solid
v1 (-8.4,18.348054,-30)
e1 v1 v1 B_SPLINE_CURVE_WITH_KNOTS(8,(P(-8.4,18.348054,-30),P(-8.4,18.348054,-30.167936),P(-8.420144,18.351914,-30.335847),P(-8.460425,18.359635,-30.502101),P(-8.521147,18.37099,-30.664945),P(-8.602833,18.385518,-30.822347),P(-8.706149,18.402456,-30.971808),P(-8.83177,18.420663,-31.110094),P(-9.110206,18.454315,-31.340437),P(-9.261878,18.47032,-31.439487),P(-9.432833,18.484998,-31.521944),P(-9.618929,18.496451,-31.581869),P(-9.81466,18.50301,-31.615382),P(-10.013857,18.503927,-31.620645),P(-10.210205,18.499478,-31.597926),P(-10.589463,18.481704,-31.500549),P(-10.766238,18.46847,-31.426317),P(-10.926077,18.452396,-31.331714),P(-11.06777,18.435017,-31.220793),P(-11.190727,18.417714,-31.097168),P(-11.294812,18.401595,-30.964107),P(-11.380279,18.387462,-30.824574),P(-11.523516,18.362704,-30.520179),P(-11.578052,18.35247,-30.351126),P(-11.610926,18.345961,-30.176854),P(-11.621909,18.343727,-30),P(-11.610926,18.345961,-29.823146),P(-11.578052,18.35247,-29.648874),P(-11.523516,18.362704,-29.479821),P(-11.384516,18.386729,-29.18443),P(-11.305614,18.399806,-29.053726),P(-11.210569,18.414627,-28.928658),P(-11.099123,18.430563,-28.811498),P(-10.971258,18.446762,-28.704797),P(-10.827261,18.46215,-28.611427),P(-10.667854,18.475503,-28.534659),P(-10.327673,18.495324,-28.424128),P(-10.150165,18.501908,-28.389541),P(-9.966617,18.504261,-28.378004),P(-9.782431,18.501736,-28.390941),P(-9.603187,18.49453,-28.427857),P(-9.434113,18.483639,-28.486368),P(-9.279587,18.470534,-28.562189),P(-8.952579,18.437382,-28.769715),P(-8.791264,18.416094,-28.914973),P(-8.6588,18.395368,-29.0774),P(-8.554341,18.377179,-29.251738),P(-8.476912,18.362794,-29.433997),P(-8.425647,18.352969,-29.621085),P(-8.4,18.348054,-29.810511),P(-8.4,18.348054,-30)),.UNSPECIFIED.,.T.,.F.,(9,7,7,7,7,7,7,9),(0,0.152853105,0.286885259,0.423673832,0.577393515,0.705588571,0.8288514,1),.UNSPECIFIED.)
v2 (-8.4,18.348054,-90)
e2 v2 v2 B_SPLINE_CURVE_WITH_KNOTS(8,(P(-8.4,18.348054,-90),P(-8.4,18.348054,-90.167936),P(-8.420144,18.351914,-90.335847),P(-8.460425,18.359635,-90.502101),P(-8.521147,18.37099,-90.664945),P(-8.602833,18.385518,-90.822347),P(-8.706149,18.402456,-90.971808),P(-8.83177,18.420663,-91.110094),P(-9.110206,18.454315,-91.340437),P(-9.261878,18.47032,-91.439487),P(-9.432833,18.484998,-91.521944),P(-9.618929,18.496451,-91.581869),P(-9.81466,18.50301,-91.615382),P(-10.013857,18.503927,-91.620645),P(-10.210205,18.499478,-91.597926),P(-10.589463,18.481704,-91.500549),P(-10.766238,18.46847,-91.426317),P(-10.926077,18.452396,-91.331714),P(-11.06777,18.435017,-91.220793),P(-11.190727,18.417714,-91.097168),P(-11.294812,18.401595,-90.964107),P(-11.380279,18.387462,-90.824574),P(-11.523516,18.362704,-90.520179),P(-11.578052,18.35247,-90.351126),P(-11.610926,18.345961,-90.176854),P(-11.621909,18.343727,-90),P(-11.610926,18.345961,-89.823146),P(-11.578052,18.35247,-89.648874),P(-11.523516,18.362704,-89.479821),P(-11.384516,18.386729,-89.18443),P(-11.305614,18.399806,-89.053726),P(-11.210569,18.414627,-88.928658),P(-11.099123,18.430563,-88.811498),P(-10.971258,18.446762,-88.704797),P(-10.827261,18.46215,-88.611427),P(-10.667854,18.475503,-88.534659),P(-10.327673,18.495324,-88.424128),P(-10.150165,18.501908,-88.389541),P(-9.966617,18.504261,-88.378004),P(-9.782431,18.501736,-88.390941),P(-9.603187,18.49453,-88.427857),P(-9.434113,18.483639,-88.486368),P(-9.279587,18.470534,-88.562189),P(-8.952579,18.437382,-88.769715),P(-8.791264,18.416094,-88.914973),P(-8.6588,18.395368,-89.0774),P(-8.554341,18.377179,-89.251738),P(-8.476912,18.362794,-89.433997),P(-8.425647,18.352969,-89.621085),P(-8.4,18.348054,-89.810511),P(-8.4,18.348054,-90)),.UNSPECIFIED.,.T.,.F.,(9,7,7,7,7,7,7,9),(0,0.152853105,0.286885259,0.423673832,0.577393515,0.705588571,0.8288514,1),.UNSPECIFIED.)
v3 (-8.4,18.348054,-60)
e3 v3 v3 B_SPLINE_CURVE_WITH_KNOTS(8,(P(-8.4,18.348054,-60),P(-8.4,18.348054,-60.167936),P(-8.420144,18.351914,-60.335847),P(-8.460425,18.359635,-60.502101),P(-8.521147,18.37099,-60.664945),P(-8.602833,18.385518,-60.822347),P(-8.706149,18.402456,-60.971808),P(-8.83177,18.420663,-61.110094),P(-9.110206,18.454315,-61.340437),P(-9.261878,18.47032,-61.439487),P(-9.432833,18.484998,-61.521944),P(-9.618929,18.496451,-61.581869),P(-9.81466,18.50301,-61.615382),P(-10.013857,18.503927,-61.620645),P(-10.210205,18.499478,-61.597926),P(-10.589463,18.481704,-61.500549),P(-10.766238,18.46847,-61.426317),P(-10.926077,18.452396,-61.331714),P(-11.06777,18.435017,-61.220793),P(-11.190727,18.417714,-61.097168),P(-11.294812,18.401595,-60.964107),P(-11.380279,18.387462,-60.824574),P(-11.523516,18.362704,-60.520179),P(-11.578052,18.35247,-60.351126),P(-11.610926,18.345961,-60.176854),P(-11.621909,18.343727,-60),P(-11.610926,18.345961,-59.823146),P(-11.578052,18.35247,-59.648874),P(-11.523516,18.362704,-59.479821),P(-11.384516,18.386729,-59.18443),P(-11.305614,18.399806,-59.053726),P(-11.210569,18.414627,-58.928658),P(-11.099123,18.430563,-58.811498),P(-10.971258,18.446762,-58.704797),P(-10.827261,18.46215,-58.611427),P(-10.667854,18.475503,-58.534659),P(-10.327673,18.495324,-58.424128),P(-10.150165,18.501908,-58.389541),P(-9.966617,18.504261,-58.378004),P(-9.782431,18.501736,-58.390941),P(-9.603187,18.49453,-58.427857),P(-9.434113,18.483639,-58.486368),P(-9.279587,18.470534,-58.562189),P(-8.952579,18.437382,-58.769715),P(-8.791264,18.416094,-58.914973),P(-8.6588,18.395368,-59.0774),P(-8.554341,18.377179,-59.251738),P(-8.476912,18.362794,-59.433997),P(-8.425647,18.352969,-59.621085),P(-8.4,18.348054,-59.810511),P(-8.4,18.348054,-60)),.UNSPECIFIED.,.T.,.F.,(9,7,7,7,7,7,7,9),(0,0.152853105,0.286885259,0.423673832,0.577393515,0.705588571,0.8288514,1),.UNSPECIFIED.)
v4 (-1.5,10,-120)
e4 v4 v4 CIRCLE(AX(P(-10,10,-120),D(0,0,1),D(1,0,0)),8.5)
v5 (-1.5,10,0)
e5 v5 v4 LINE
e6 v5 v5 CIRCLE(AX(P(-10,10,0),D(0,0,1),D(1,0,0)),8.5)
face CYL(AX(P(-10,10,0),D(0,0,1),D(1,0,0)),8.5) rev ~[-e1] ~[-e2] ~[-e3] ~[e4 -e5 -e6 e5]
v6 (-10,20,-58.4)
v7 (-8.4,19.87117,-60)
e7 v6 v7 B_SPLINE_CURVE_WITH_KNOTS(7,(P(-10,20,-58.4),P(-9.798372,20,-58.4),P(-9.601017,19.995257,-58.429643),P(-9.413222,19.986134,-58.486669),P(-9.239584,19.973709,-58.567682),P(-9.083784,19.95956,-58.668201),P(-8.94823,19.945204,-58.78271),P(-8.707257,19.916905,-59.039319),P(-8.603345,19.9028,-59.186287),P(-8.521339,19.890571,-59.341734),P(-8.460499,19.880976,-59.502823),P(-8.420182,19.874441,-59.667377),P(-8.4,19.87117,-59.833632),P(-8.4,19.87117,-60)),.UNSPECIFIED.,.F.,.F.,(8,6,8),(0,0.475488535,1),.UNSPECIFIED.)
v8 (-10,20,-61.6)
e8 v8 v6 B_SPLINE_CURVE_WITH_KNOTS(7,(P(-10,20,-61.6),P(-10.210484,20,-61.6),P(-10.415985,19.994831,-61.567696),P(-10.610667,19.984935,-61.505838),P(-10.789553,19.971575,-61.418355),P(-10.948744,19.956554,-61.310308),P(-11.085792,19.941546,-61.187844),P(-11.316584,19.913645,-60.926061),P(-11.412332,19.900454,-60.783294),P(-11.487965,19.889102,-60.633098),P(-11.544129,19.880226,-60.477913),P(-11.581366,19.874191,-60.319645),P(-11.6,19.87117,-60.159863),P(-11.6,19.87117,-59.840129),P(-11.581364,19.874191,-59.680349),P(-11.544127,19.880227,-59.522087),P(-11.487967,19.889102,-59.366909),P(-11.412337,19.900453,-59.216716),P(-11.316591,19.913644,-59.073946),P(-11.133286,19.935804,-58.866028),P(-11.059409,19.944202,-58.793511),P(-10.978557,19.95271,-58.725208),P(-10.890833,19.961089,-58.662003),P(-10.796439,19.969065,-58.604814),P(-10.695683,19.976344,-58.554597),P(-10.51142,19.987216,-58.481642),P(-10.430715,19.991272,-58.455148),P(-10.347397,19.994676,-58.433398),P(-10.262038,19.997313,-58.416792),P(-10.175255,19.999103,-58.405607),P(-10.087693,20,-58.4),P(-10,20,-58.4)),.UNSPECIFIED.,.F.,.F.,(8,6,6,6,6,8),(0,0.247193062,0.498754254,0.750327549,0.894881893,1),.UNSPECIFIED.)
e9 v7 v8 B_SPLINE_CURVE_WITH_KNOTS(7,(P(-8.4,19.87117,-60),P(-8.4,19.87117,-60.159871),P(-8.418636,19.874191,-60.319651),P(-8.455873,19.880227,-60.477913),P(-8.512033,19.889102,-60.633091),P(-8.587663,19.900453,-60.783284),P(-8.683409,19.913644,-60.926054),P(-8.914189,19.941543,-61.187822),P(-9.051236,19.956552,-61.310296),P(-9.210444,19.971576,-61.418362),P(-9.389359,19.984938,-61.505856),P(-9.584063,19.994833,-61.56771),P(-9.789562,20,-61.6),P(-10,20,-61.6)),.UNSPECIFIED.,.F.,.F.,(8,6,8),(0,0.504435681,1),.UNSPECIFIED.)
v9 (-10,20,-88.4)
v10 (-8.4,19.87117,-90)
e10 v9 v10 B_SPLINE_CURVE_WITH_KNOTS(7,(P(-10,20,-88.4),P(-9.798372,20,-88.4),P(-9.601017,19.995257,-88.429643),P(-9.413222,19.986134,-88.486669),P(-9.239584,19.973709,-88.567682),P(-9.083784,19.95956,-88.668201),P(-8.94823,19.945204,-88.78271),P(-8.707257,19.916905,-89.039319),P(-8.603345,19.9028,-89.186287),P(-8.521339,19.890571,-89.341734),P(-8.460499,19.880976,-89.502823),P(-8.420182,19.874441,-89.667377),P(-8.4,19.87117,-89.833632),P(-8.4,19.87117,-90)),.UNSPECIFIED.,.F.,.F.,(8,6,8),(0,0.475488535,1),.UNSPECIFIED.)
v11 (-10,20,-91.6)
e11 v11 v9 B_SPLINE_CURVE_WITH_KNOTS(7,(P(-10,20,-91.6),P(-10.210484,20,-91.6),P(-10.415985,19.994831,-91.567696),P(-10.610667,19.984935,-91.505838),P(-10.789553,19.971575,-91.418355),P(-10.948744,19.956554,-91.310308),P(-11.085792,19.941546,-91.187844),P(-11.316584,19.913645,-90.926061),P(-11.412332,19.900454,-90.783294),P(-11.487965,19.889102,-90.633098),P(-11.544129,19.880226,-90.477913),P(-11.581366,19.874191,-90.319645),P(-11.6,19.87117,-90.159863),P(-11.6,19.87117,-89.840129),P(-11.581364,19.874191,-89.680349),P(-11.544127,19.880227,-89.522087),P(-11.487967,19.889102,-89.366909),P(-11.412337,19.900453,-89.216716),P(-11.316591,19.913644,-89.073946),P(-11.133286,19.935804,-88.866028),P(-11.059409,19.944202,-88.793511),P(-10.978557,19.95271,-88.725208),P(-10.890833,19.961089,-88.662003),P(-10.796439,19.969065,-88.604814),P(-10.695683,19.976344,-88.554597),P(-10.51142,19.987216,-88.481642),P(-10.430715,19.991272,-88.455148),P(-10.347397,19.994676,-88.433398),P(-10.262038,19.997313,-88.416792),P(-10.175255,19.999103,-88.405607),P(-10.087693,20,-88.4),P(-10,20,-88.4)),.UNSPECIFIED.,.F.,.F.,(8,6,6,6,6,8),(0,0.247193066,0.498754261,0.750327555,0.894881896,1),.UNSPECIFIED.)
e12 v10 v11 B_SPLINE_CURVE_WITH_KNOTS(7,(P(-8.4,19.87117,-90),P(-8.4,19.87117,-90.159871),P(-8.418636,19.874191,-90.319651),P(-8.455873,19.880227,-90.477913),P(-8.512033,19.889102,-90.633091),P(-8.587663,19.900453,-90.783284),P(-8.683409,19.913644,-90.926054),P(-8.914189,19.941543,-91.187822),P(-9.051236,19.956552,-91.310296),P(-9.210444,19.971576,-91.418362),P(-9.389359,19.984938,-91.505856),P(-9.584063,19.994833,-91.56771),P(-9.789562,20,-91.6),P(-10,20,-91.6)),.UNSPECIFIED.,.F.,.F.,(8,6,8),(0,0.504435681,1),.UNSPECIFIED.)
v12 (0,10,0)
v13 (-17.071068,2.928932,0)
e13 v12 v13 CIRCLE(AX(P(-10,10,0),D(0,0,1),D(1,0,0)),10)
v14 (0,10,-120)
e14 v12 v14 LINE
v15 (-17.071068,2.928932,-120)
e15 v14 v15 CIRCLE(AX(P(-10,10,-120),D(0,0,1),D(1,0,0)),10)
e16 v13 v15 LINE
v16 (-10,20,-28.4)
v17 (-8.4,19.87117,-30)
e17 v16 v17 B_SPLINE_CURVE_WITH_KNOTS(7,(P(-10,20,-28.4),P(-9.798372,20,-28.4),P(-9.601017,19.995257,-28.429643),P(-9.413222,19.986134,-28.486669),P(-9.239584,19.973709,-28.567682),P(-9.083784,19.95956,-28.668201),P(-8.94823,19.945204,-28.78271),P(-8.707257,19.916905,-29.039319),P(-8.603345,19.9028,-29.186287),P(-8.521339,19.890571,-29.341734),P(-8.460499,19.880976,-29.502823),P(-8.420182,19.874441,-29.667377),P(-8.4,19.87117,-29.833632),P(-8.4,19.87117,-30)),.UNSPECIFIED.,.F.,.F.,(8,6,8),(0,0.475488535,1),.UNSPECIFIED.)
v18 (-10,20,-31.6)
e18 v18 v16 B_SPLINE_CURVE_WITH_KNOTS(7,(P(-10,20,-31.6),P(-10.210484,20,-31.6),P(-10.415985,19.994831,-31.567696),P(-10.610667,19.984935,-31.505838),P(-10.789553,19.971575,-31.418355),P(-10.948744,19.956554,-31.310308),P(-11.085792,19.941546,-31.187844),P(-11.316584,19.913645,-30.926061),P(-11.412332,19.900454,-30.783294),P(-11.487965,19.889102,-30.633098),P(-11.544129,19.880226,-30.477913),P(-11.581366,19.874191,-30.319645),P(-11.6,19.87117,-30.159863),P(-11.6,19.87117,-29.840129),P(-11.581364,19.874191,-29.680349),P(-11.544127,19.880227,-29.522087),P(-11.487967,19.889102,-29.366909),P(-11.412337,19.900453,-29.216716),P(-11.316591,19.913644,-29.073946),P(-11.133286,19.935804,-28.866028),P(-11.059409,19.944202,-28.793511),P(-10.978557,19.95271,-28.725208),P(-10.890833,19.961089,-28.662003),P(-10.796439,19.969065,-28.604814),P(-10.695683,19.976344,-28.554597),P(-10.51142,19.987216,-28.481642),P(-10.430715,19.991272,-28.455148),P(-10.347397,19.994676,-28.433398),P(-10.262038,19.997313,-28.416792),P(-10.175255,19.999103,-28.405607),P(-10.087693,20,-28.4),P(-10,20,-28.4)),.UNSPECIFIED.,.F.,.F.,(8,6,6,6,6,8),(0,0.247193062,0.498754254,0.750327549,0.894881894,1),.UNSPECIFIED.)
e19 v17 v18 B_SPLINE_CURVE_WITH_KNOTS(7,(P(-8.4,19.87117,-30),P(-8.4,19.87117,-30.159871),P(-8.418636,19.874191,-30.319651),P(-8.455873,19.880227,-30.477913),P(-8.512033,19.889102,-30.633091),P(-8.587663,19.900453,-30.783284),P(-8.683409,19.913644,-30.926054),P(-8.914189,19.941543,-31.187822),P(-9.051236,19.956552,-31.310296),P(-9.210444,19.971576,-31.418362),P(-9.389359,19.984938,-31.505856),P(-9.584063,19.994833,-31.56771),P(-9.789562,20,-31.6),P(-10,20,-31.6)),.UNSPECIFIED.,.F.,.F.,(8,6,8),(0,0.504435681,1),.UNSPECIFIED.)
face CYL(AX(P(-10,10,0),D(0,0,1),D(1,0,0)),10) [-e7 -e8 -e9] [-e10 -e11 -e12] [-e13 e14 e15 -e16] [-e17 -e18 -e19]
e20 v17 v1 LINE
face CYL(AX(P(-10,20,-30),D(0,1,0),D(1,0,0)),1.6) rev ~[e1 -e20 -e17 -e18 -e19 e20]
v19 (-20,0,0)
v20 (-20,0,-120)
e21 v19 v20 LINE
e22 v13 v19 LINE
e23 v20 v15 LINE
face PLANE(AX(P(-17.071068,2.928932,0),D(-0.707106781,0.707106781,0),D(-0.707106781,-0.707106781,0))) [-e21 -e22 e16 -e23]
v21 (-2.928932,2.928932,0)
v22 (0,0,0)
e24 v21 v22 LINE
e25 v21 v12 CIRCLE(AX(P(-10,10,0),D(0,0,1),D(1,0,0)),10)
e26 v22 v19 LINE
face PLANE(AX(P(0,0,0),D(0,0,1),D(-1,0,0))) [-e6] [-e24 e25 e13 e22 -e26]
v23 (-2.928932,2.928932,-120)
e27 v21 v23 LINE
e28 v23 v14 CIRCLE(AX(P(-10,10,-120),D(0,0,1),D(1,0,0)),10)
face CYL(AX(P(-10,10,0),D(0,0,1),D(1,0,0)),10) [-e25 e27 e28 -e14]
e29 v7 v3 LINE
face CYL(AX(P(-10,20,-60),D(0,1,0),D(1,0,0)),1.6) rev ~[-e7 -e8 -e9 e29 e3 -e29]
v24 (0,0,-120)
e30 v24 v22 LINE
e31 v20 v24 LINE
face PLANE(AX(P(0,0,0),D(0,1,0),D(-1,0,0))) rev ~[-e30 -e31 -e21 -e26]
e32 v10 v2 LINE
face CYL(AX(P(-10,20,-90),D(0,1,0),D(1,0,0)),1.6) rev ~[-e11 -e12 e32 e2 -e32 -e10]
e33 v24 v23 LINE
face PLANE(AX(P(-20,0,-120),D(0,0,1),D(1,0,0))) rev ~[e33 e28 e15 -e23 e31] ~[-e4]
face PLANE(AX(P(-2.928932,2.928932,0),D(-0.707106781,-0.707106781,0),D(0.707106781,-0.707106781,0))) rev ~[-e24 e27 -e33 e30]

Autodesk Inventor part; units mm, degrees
ref_plane "YZ Plane" through (0, 0, 0) normal (1, 0, 0) x (0, 1, 0)
ref_plane "XZ Plane" through (0, 0, 0) normal (0, 1, 0) x (-1, 0, 0)
ref_plane "XY Plane" through (0, 0, 0) normal (0, 0, 1) x (1, 0, 0)
sketch "Sketch1" plane through (0, 0, 0) normal (0, 1, 0) x (-1, 0, 0)
  line L0 (0, 0) -> (20, 0)
  line L1 (20, 0) -> (20, -120)
  line L2 (20, -120) -> (0, -120)
  line L3 (0, -120) -> (0, 0)
  dimension "d0" = 20
  dimension "d1" = 120
extrude "Extrusion1" add sketch "Sketch1" along normal blind 20
sketch "Sketch2" plane through (0, 20, 0) normal (0, 1, 0) x (1, 0, 0)
  line L0 (-20, 120) -> (-20, 0) projected
  line L1 (0, 0) -> (0, 120) projected
  line L2 (-20, 0) -> (0, 0)
  line L3 (0, 0) -> (0, 120)
  line L4 (0, 120) -> (-20, 120)
  line L5 (-20, 120) -> (-20, 0)
  line L6 (0, 120) -> (-20, 120) projected
  line L7 (-20, 0) -> (-10, 0)
  line L8 (-10, 0) -> (-10, 120)
  line L9 (-10, 120) -> (-20, 120)
  line L10 (-20, 120) -> (-20, 0)
  line L11 (-10, 0) -> (-10, 60)
  line L12 (-10, 60) -> (-10, 90)
  line L13 (-10, 90) -> (-10, 30)
  circle A0 centre (-10, 30) radius 1.6
  circle A1 centre (-10, 60) radius 1.6
  circle A2 centre (-10, 90) radius 1.6
  dimension "d23" = 0
  dimension "d4" = 60
  dimension "d5" = 30
  dimension "d6" = 60
  dimension "d7" = 3.2
  dimension "d8" = 3.2
  dimension "d9" = 3.2
extrude "Extrusion2" cut sketch "Sketch2" against normal blind 35.5625 contours A2 L8 | L8 A2 | A0 L8 | L8 A0 | A1 L8 | L8 A1
sketch "Sketch3" plane through (-20, 0, 0) normal (0, 0, 1) x (1, 0, 0)
  line L0 (0, 20) -> (20, 20) projected
  line L1 (0, 20) -> (20, 0)
  line L2 (20, 0) -> (20, 20)
  line L3 (0, 0) -> (20, 0) projected
  line L4 (20, 20) -> (0, 0)
  circle A0 centre (10, 10) radius 10
  line L5 (0, 0) -> (20, 0)
  line L6 (20, 0) -> (20, -2)
  line L7 (20, -2) -> (0, -2)
  line L8 (0, -2) -> (0, 0)
  line L9 (0, 0) -> (0, 20) projected
  line L10 (0, 20) -> (20, 20)
  line L11 (20, 20) -> (20, 0)
  line L12 (20, 0) -> (0, 0)
  line L13 (0, 0) -> (0, 20)
  point P0 (0, 10)
  point P1 (2.9289, 2.9289)
  point P2 (10, 20)
  point P3 (20, 10)
  point P4 (17.0711, 2.9289)
  dimension "d12" = 2
extrude "Extrusion3" cut sketch "Sketch3" against normal blind 223.2 contours L0 A0 L1 | L1 A0 L9 | L0 L4 A0 | A0 L4 L9 | L2 A0 L4 | L2 L1 A0
sketch "Sketch4" plane through (-20, 0, 0) normal (0, 0, 1) x (1, 0, 0)
  arc A0 (17.0711, 2.9289) -> (2.9289, 2.9289) centre (10, 10) ccw projected
  circle A1 centre (10, 10) radius 10
  circle A2 centre (10, 10) radius 8.5
  point P0 (20, 0)
  dimension "d15" = 17
extrude "Extrusion4" cut sketch "Sketch4" against normal blind 267.3375 contours A2
sketch "Sketch6" plane through (0, 0, 0) normal (0, -1, 0) x (1, 0, 0)
  circle A0 centre (-10, -30) radius 1.6 projected
  circle A1 centre (-10, -30) radius 1.6
  circle A2 centre (-10, -60) radius 1.6 projected
  circle A3 centre (-10, -60) radius 1.6
  circle A4 centre (-10, -90) radius 1.6 projected
  circle A5 centre (-10, -90) radius 1.6
  point P0 (0, 0)
extrude "Extrusion6" add sketch "Sketch6" against normal blind 3
sketch "Sketch7" plane through (-20, 0, 0) normal (0, 0, 1) x (1, 0, 0)
  circle A0 centre (10, 10) radius 8.5 projected
  circle A1 centre (10, 10) radius 8.5
  point P0 (20, 0)
extrude "Extrusion7" add sketch "Sketch7" against normal blind 120
sketch "Sketch8" plane through (-20, 0, 0) normal (0, 0, 1) x (1, 0, 0)
  arc A0 (17.0711, 2.9289) -> (2.9289, 2.9289) centre (10, 10) ccw projected
  circle A1 centre (10, 10) radius 8.5
  point P0 (20, 0)
  dimension "d24" = 17
extrude "Extrusion8" cut sketch "Sketch8" against normal blind 241.95
properties part number "Cylinder"
